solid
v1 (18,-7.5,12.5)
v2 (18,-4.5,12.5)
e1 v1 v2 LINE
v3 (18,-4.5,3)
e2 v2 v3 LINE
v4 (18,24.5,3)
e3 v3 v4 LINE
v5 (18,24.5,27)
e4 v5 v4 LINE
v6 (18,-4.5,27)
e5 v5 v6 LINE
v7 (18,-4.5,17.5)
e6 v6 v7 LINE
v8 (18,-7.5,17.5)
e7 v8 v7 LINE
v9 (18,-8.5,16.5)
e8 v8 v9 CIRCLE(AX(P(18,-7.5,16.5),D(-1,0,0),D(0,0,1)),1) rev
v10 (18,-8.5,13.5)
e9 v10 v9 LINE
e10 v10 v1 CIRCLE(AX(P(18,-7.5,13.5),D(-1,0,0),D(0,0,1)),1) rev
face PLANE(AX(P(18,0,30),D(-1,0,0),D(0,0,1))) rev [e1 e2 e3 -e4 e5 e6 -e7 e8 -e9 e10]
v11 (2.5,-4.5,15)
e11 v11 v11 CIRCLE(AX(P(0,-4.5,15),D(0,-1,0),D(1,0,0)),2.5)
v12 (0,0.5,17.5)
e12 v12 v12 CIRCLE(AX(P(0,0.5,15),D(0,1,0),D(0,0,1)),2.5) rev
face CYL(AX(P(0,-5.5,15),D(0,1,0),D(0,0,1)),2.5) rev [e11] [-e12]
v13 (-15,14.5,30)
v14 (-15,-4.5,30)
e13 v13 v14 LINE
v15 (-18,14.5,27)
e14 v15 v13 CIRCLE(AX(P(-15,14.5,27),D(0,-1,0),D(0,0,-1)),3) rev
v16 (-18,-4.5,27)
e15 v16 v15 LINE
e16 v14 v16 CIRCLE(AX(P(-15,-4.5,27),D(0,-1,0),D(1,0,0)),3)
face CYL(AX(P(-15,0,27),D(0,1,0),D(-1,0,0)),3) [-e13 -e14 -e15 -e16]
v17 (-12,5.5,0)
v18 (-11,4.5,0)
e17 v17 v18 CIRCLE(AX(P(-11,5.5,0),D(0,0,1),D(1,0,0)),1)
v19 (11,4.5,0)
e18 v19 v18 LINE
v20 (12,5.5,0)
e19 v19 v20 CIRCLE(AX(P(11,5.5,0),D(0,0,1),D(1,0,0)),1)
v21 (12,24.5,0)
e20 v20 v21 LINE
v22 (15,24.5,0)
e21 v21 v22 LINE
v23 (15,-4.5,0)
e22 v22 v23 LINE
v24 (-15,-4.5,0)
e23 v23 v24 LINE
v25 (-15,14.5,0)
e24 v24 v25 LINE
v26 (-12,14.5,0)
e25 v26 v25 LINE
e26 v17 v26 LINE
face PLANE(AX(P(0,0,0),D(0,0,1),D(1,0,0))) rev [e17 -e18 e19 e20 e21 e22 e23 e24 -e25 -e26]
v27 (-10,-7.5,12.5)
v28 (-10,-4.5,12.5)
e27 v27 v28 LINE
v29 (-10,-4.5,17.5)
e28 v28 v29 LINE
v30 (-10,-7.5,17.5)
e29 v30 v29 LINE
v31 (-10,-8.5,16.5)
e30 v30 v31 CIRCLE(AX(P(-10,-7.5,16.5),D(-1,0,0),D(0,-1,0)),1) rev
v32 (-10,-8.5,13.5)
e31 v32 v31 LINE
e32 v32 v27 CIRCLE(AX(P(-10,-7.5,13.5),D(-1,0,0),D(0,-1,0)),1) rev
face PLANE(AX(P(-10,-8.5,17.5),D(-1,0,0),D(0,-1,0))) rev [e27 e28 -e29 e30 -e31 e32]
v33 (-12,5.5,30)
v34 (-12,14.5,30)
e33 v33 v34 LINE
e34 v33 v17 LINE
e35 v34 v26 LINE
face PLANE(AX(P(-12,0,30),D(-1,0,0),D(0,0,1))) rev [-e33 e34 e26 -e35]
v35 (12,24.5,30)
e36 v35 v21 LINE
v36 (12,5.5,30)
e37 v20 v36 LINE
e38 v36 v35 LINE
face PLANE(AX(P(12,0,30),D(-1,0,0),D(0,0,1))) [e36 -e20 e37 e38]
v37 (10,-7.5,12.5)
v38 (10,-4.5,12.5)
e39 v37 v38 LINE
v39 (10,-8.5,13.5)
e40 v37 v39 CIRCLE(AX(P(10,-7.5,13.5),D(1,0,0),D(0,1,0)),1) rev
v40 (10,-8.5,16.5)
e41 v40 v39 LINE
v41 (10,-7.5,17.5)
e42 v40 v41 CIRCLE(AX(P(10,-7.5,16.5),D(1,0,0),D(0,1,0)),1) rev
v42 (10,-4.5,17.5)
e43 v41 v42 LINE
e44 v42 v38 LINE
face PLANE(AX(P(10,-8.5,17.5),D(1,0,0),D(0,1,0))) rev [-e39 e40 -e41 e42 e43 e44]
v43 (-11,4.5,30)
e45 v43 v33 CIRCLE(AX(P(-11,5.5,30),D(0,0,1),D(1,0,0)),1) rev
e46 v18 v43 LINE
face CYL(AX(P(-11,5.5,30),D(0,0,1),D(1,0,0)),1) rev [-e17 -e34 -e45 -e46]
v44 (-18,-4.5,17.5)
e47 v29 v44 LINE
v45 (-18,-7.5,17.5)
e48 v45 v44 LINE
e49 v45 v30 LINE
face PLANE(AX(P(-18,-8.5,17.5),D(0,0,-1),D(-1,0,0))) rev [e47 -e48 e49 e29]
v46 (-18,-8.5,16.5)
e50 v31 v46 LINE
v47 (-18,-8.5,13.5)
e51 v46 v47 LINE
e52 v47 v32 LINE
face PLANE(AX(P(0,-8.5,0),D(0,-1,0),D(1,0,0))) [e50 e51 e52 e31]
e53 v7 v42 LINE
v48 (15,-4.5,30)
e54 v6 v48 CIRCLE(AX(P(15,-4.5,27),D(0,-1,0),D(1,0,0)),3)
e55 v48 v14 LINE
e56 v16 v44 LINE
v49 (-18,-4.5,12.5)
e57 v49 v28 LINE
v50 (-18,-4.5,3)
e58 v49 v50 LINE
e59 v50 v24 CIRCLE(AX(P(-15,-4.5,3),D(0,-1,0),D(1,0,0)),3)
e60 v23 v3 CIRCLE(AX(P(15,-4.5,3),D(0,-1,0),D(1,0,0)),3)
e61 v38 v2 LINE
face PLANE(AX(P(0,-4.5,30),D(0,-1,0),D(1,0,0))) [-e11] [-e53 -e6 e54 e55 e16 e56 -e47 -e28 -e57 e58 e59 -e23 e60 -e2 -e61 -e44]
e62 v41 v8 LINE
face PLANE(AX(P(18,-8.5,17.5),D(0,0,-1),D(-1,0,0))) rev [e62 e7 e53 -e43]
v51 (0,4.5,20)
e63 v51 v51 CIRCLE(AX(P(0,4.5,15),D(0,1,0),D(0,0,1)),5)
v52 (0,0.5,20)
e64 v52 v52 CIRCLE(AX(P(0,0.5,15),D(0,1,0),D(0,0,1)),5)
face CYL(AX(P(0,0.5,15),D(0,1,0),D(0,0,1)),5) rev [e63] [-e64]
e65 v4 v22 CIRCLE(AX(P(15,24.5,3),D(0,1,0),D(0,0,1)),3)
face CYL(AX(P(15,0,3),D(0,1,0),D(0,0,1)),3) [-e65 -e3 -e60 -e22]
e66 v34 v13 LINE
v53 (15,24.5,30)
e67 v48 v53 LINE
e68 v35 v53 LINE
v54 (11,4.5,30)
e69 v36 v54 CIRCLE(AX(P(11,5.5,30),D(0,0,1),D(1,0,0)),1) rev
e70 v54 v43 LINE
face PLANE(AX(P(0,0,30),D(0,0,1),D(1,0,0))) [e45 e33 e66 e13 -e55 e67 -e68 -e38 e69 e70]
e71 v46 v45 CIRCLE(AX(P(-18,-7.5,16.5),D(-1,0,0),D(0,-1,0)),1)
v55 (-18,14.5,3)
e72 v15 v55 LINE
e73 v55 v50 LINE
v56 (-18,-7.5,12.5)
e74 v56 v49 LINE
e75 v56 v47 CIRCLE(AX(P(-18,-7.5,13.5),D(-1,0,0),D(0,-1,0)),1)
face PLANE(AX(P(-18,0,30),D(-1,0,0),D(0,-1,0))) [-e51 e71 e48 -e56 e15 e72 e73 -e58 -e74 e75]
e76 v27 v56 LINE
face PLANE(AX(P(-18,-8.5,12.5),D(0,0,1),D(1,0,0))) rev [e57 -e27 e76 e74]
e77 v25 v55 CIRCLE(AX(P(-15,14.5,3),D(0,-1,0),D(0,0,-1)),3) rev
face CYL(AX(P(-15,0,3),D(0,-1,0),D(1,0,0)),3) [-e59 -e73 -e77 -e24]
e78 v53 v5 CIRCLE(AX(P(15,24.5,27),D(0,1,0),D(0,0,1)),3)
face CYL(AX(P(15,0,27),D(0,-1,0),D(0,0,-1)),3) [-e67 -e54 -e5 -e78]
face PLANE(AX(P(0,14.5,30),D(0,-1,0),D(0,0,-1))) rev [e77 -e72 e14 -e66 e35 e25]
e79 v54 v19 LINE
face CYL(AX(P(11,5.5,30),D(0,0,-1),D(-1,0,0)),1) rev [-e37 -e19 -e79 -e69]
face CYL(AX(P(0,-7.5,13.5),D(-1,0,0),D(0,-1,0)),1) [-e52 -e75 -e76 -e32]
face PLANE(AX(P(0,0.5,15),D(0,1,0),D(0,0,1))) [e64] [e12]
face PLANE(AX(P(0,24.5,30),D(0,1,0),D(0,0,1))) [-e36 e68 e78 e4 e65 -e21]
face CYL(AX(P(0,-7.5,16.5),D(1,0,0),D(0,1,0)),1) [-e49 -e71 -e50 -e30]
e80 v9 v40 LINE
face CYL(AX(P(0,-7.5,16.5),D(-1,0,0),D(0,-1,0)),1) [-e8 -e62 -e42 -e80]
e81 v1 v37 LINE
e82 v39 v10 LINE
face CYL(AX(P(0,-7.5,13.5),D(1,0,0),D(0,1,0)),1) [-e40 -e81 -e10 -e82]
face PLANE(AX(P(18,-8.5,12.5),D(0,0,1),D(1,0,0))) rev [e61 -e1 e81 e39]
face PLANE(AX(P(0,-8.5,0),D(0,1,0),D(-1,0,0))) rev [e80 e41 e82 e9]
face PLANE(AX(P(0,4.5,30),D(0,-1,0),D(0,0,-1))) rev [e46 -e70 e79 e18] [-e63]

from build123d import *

# Parameters (mm, degrees)
SKETCH1_W           = 24
SKETCH1_H           = 9
BOSS_EXTRUDE1_DEPTH = 30
FILLET1_R           = 1
FILLET2_R           = 3
SKETCH3_R           = 2.5
CUT_EXTRUDE2_DEPTH  = 10
SKETCH4_R           = 5
CUT_EXTRUDE3_DEPTH  = 4
SKETCH5_W           = 8
SKETCH5_H           = 5
BOSS_EXTRUDE2_DEPTH = 4
FILLET3_R           = 1


with BuildPart() as part:
    # Sketch1 → Boss-Extrude1 (new body)
    with BuildSketch(Plane.XY):
        Polygon((-18, -4.5), (-12, -4.5), (-12, 4.5), (-12, 14.5), (-18, 14.5), align=None)
        Rectangle(SKETCH1_W, SKETCH1_H)
        Polygon((12, 4.5), (12, -4.5), (18, -4.5), (18, 24.5), (12, 24.5), align=None)
    extrude(amount=BOSS_EXTRUDE1_DEPTH)

    # Fillet1
    fillet1_edges = [part.edges().sort_by_distance(p)[0] for p in [
        (-12, 4.5, 15),
        (12, 4.5, 15),
    ]]
    fillet(fillet1_edges, radius=FILLET1_R)

    # Fillet2
    fillet2_edges = [part.edges().sort_by_distance(p)[0] for p in [
        (18, 10, 0),
        (-18, 5, 0),
        (18, 10, 30),
        (-18, 5, 30),
    ]]
    fillet(fillet2_edges, radius=FILLET2_R)

    # Sketch3 → Cut-Extrude2 (cut)
    with BuildSketch(Plane(origin=(0, 4.5, 0), x_dir=(1, 0, 0), z_dir=(0, 1, 0))):
        with Locations(Location((0, -15, 0), (0, 0, 270))):
            Circle(SKETCH3_R)
    extrude(amount=-CUT_EXTRUDE2_DEPTH, mode=Mode.SUBTRACT)

    # Sketch4 → Cut-Extrude3 (cut)
    with BuildSketch(Plane(origin=(0, 4.5, 0), x_dir=(1, 0, 0), z_dir=(0, 1, 0))):
        with Locations(Location((0, -15, 0), (0, 0, 270))):
            Circle(SKETCH4_R)
    extrude(amount=-CUT_EXTRUDE3_DEPTH, mode=Mode.SUBTRACT)

    # Sketch5 → Boss-Extrude2 (add)
    with BuildSketch(Plane.XZ.offset(4.5)):
        with Locations((-14, 15)):
            Rectangle(SKETCH5_W, SKETCH5_H)
        with Locations((14, 15)):
            Rectangle(SKETCH5_W, SKETCH5_H)
    extrude(amount=BOSS_EXTRUDE2_DEPTH)

    # Fillet3
    fillet3_edges = [part.edges().sort_by_distance(p)[0] for p in [
        (14, -8.5, 17.5),
        (14, -8.5, 12.5),
        (-14, -8.5, 12.5),
        (-14, -8.5, 17.5),
    ]]
    fillet(fillet3_edges, radius=FILLET3_R)


solid = part.part
